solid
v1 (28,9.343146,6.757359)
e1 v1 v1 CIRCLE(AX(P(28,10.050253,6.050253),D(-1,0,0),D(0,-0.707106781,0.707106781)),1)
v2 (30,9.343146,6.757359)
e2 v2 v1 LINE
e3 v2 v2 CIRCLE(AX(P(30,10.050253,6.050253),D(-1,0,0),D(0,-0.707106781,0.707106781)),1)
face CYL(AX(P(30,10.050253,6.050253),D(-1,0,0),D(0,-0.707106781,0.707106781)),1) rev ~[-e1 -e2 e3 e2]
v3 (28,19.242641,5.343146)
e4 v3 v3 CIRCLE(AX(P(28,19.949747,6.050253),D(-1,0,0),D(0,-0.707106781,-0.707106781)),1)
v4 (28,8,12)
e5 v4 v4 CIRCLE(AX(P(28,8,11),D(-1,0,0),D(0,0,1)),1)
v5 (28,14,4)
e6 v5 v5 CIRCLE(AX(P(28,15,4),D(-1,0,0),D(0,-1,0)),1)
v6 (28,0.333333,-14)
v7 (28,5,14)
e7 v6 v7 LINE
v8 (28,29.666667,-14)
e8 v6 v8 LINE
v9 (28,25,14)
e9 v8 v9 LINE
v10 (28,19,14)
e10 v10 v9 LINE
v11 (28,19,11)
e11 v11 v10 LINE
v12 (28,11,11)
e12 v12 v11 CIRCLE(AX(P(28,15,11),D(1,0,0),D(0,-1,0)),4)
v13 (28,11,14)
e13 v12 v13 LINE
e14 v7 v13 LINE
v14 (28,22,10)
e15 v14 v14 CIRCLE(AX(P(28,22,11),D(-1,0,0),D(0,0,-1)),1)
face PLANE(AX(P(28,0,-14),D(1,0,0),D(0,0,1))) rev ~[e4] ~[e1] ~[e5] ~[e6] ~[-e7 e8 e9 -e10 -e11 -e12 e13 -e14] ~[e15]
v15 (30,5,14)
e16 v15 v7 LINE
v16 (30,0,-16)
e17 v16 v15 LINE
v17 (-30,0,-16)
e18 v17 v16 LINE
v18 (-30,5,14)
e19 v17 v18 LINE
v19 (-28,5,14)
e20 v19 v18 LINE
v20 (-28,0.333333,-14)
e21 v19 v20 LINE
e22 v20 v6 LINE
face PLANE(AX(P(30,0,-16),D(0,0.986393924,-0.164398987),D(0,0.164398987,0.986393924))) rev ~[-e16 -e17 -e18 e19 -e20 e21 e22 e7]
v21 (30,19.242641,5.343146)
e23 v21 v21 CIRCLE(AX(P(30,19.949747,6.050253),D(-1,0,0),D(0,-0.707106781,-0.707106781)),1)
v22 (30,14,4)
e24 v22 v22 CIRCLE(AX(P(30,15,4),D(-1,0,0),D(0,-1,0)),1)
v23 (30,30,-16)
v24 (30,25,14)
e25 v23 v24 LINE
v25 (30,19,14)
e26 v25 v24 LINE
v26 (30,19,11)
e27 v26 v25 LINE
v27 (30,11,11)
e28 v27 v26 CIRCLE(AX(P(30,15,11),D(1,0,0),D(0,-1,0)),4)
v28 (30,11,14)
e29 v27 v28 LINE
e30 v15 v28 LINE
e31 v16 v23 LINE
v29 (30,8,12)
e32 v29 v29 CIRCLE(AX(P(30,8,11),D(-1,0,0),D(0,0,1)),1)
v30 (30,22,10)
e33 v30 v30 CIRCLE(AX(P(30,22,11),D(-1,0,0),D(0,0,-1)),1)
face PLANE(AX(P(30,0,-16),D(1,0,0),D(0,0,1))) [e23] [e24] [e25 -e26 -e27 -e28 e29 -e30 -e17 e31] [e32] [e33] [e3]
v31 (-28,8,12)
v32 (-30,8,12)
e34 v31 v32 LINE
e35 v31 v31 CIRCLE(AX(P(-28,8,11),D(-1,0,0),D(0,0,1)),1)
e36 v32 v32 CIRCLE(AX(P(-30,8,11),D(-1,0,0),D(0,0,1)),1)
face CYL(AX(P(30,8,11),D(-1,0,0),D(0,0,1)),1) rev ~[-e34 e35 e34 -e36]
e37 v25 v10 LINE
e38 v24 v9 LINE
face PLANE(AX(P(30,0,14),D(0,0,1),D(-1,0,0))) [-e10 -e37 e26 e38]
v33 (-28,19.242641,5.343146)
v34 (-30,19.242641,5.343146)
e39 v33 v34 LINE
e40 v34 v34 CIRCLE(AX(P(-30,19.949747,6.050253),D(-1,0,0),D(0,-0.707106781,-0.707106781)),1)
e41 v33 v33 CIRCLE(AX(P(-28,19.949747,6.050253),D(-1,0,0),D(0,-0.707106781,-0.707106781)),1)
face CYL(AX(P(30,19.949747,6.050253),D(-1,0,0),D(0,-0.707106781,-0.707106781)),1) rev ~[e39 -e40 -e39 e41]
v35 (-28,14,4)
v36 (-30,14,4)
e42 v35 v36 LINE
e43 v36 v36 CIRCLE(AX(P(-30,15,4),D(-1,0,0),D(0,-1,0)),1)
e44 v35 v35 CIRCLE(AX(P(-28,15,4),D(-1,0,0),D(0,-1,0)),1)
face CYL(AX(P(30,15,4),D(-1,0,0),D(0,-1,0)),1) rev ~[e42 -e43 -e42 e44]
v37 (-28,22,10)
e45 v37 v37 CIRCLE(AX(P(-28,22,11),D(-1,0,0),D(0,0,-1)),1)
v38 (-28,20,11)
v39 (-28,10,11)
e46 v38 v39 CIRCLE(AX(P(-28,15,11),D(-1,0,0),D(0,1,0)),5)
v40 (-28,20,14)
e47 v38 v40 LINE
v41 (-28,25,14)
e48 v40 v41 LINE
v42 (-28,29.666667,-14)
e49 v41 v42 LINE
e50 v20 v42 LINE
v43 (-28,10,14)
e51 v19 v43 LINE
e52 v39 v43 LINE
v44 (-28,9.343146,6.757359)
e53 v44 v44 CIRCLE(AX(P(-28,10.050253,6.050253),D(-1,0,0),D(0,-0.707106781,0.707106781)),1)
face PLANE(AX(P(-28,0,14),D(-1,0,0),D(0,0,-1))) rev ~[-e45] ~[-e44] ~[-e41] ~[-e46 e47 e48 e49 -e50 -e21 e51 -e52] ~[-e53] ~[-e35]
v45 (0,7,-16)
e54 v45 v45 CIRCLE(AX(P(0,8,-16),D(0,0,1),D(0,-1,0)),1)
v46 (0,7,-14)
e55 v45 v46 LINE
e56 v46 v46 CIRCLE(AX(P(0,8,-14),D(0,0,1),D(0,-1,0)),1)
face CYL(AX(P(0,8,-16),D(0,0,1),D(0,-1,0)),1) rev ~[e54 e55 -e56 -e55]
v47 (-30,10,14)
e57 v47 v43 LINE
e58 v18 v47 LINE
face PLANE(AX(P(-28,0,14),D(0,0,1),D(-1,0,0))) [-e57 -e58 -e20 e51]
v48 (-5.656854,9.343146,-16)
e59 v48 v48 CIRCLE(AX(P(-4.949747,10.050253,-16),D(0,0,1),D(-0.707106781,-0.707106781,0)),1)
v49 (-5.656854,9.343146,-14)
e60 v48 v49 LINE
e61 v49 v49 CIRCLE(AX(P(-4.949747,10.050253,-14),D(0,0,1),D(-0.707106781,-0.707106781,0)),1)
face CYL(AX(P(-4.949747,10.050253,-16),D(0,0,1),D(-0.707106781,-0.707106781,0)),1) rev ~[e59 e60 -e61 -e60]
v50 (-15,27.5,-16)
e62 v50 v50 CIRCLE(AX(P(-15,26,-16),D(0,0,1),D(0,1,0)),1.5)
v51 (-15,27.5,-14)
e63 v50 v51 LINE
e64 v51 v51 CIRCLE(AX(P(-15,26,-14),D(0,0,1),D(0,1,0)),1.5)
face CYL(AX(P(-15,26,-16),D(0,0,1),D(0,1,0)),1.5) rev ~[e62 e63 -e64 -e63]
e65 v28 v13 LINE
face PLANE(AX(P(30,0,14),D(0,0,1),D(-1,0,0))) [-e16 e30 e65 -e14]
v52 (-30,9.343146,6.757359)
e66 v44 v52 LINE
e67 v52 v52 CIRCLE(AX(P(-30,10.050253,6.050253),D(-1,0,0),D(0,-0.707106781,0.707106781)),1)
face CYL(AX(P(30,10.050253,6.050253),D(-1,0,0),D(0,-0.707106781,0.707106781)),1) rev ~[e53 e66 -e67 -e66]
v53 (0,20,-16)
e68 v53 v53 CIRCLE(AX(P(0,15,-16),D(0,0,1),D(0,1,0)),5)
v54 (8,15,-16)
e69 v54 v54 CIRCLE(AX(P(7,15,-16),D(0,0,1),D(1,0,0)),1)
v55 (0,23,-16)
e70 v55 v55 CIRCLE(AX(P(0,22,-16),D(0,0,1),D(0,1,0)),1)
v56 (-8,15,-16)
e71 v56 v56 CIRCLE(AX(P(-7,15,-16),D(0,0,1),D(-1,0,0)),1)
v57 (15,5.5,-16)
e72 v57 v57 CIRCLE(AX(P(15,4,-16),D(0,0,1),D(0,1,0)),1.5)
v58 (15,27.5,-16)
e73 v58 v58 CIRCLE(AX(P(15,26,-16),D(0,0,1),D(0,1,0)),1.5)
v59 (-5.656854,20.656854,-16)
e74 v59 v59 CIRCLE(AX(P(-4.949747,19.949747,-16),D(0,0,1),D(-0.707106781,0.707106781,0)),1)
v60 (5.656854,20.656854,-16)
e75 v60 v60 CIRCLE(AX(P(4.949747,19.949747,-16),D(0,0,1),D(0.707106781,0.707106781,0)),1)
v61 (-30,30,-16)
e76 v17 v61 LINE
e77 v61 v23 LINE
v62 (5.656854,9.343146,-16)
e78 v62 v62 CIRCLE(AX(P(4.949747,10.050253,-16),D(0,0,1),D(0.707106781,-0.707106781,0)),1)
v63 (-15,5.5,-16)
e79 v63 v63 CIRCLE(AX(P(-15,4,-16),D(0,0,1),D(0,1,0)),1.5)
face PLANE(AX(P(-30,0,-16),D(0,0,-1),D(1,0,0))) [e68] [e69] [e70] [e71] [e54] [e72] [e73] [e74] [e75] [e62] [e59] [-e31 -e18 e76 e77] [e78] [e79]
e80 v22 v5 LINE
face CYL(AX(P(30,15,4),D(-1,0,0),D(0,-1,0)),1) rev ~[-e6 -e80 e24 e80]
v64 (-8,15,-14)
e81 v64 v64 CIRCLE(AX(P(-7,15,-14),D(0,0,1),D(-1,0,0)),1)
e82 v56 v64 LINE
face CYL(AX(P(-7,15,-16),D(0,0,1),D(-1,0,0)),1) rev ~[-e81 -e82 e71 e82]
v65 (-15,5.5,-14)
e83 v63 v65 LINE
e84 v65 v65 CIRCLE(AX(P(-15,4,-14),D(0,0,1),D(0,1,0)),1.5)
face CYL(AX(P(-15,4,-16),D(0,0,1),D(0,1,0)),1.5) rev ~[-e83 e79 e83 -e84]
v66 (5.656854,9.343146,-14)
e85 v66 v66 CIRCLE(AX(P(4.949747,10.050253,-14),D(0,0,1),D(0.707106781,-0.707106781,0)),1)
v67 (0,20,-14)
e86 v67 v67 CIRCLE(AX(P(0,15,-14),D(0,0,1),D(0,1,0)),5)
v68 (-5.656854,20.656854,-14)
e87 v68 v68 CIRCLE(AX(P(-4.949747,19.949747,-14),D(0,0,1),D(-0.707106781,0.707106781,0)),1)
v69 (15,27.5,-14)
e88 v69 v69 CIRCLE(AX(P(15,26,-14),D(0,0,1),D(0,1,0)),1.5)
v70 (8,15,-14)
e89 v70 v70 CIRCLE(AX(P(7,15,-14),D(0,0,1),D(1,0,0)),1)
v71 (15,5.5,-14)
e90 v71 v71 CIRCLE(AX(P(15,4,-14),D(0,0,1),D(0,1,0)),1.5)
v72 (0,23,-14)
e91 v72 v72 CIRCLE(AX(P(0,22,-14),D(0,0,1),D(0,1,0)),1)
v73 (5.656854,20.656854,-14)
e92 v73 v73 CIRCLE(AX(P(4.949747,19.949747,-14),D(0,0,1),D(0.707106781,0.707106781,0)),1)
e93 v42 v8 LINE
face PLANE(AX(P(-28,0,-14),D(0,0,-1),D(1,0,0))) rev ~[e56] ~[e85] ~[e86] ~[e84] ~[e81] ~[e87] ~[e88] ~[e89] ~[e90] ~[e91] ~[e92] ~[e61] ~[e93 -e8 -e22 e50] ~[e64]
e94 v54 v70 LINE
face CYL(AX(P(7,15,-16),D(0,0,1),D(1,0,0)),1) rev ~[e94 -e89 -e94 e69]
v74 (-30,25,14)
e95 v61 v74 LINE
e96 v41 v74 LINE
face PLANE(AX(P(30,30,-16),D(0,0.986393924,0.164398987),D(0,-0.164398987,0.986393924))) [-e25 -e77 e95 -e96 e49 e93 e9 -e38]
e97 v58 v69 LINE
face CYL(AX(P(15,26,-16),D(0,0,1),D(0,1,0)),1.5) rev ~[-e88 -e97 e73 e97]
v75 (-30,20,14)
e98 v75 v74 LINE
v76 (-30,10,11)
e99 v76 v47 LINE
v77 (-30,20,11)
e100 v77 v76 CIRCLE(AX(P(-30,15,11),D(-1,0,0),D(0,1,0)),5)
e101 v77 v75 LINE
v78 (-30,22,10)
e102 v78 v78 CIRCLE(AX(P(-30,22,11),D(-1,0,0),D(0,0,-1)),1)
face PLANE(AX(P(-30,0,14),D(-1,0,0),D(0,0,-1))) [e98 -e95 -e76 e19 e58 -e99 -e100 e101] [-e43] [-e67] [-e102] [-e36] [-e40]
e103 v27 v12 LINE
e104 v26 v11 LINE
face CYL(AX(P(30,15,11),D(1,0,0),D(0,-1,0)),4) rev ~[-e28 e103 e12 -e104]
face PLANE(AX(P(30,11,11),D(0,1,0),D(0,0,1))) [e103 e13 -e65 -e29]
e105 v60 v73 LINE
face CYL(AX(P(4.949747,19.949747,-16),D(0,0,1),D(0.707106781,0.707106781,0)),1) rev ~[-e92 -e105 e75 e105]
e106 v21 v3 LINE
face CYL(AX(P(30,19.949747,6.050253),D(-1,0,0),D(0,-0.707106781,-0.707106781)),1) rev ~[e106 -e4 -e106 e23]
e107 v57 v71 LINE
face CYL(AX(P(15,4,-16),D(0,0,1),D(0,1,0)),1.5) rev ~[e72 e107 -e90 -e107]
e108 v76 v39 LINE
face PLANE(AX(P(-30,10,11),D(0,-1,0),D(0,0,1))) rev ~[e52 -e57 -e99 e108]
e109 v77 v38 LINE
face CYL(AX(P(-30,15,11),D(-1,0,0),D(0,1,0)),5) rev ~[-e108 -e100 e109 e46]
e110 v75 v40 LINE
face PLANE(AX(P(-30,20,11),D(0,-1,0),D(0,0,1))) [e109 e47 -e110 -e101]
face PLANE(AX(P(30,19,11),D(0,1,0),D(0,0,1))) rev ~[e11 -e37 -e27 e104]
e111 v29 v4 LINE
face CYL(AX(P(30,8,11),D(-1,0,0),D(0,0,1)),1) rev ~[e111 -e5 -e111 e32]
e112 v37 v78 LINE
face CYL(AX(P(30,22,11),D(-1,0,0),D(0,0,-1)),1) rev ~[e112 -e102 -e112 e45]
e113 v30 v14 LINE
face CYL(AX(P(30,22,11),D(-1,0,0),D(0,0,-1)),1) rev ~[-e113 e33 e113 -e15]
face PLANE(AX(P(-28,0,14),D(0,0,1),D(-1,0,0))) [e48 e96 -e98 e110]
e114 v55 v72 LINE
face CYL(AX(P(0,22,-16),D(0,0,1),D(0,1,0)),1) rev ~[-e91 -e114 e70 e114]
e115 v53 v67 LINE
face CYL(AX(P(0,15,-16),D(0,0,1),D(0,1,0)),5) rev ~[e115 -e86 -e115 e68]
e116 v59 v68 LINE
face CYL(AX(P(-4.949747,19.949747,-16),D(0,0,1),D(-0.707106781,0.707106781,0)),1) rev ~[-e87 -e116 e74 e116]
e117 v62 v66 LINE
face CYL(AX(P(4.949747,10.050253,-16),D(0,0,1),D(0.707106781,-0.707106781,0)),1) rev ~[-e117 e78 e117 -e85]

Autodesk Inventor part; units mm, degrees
ref_plane "YZ Plane" through (0, 0, 0) normal (1, 0, 0) x (0, 1, 0)
ref_plane "XZ Plane" through (0, 0, 0) normal (0, 1, 0) x (-1, 0, 0)
ref_plane "XY Plane" through (0, 0, 0) normal (0, 0, 1) x (1, 0, 0)
sketch "スケッチ1" plane through (0, 0, 0) normal (0, 1, 0) x (-1, 0, 0)
  line L0 (30, 14) -> (30, -16)
  line L1 (30, -16) -> (-30, -16)
  line L2 (-30, -16) -> (-30, 14)
  line L3 (28, 14) -> (28, -14)
  line L4 (28, -14) -> (-28, -14)
  line L5 (-28, -14) -> (-28, 14)
  line L6 (-30, 14) -> (-28, 14)
  line L7 (28, 14) -> (30, 14)
  point P0 (0, 0)
  dimension "d0" = 60
  dimension "d2" = 30
  dimension "d3" = 28
  dimension "d4" = 56
  dimension "d5" = 28
  dimension "d6" = 14
  dimension "d7" = 30
  dimension "d8" = 16
  dimension "d9" = 28
  dimension "d11" = 28
extrude "押し出し1" add sketch "スケッチ1" along normal blind 30
sketch "スケッチ2" plane through (30, 0, 14) normal (1, 0, 0) x (0, 0, -1)
  line L0 (30, 0) -> (30, 30) projected
  line L1 (0, 0) -> (0, 30) projected
  line L2 (30, 30) -> (0, 25)
  line L3 (30, 0) -> (0, 5)
  point P0 (14, 0)
  dimension "d75" = 20
extrude "押し出し2" cut sketch "スケッチ2" against normal blind 60 keep common part
sketch "スケッチ3" plane through (30, 0, -16) normal (1, 0, 0) x (0, 0, -1)
  line L0 (-30, 5) -> (-30, 25) projected
  line L1 (0, 0) -> (0, 30) projected
  arc A0 (-27, 11) -> (-27, 19) centre (-27, 15) ccw
  line L2 (-27, 19) -> (-30, 19)
  line L3 (-27, 11) -> (-30, 11)
  point P0 (-16, 0)
  dimension "d20" = 8
  dimension "d79" = 3
  dimension "d82" = 15
extrude "押し出し3" cut sketch "スケッチ3" against normal blind 2
sketch "スケッチ4" plane through (-30, 0, -16) normal (-1, 0, 0) x (0, 0, 1)
  line L0 (30, 5) -> (30, 25) projected
  arc A0 (27, 20) -> (27, 10) centre (27, 15) ccw
  line L1 (27, 20) -> (30, 20)
  line L2 (27, 10) -> (30, 10)
  point P0 (16, 0)
  point P1 (0, 30)
  dimension "d25" = 10
  dimension "d80" = 3
  dimension "d81" = 15
extrude "押し出し4" cut sketch "スケッチ4" against normal blind 2
sketch "スケッチ7" plane through (30, 0, -16) normal (0, 0, -1) x (-1, 0, 0)
  line L0 (0, 0) -> (60, 0) projected
  line L1 (0, 0) -> (0, 30) projected
  circle A0 centre (30, 15) radius 5
  point P0 (30, 0)
  dimension "d45" = 10
  dimension "d47" = 15
  dimension "d48" = 30
hole "穴2" at (0, 15, -16) direction (0, 0, 1) diameter 10 end through all
sketch "スケッチ8" plane through (30, 0, -16) normal (0, 0, -1) x (-1, 0, 0)
  circle A0 centre (30, 15) radius 5 projected
  line L0 (0, 0) -> (0, 30) projected
  circle A1 centre (30, 22) radius 1
  line L1 (30, 15) -> (30, 22)
  point P0 (30, 0)
  dimension "d56" = 2
  dimension "d58" = 0
  dimension "d62" = 7
hole "穴3" at (0, 22, -16) direction (0, 0, 1) diameter 2 end through all
pattern_circular "円形状パターン2" count 8 over 360 about axis through (0, 15, 57.4847) along (0, 0, -1) of "穴2", "穴3"
sketch "スケッチ9" plane through (30, 0, -16) normal (1, 0, 0) x (0, 0, -1)
  arc A0 (-27, 11) -> (-27, 19) centre (-27, 15) ccw projected
  line L0 (-30, 19) -> (-30, 25) projected
  circle A1 centre (-27, 22) radius 1
  line L1 (-27, 15) -> (-27, 22)
  point P0 (-16, 0)
  dimension "d83" = 2
  dimension "d85" = 7
hole "穴4" at (30, 22, 11) direction (-1, 0, 0) diameter 2 end through all
pattern_circular "円形状パターン3" count 5 over 180 about axis through (30, 15, 11) along (-1, 0, 0) of "穴4"
sketch "スケッチ10" plane through (30, 0, -16) normal (0, 0, -1) x (-1, 0, 0)
  circle A0 centre (30, 15) radius 5 projected
  line L0 (0, 30) -> (60, 30) projected
  circle A1 centre (15, 26) radius 1.5
  circle A2 centre (15, 4) radius 1.5
  circle A3 centre (45, 4) radius 1.5
  circle A4 centre (45, 26) radius 1.5
  point P0 (30, 0)
  dimension "d96" = 30
  dimension "d98" = 22
  dimension "d99" = 4
  dimension "d100" = 22
  dimension "d101" = 4
  dimension "d102" = 30
  dimension "d103" = 15
  dimension "d104" = 15
  dimension "d105" = 3
hole "穴5" at (15, 4, -16) at (-15, 4, -16) at (-15, 26, -16) at (15, 26, -16) direction (0, 0, 1) diameter 3 end through all
thread "ねじ5" size "M3x0.5" class "6H" standard "ANSI Metric M Profile" full length
thread "ねじ6" size "M3x0.5" class "6H" standard "ANSI Metric M Profile" full length
thread "ねじ7" size "M3x0.5" class "6H" standard "ANSI Metric M Profile" full length
thread "ねじ8" size "M3x0.5" class "6H" standard "ANSI Metric M Profile" full length
properties part number "5"
